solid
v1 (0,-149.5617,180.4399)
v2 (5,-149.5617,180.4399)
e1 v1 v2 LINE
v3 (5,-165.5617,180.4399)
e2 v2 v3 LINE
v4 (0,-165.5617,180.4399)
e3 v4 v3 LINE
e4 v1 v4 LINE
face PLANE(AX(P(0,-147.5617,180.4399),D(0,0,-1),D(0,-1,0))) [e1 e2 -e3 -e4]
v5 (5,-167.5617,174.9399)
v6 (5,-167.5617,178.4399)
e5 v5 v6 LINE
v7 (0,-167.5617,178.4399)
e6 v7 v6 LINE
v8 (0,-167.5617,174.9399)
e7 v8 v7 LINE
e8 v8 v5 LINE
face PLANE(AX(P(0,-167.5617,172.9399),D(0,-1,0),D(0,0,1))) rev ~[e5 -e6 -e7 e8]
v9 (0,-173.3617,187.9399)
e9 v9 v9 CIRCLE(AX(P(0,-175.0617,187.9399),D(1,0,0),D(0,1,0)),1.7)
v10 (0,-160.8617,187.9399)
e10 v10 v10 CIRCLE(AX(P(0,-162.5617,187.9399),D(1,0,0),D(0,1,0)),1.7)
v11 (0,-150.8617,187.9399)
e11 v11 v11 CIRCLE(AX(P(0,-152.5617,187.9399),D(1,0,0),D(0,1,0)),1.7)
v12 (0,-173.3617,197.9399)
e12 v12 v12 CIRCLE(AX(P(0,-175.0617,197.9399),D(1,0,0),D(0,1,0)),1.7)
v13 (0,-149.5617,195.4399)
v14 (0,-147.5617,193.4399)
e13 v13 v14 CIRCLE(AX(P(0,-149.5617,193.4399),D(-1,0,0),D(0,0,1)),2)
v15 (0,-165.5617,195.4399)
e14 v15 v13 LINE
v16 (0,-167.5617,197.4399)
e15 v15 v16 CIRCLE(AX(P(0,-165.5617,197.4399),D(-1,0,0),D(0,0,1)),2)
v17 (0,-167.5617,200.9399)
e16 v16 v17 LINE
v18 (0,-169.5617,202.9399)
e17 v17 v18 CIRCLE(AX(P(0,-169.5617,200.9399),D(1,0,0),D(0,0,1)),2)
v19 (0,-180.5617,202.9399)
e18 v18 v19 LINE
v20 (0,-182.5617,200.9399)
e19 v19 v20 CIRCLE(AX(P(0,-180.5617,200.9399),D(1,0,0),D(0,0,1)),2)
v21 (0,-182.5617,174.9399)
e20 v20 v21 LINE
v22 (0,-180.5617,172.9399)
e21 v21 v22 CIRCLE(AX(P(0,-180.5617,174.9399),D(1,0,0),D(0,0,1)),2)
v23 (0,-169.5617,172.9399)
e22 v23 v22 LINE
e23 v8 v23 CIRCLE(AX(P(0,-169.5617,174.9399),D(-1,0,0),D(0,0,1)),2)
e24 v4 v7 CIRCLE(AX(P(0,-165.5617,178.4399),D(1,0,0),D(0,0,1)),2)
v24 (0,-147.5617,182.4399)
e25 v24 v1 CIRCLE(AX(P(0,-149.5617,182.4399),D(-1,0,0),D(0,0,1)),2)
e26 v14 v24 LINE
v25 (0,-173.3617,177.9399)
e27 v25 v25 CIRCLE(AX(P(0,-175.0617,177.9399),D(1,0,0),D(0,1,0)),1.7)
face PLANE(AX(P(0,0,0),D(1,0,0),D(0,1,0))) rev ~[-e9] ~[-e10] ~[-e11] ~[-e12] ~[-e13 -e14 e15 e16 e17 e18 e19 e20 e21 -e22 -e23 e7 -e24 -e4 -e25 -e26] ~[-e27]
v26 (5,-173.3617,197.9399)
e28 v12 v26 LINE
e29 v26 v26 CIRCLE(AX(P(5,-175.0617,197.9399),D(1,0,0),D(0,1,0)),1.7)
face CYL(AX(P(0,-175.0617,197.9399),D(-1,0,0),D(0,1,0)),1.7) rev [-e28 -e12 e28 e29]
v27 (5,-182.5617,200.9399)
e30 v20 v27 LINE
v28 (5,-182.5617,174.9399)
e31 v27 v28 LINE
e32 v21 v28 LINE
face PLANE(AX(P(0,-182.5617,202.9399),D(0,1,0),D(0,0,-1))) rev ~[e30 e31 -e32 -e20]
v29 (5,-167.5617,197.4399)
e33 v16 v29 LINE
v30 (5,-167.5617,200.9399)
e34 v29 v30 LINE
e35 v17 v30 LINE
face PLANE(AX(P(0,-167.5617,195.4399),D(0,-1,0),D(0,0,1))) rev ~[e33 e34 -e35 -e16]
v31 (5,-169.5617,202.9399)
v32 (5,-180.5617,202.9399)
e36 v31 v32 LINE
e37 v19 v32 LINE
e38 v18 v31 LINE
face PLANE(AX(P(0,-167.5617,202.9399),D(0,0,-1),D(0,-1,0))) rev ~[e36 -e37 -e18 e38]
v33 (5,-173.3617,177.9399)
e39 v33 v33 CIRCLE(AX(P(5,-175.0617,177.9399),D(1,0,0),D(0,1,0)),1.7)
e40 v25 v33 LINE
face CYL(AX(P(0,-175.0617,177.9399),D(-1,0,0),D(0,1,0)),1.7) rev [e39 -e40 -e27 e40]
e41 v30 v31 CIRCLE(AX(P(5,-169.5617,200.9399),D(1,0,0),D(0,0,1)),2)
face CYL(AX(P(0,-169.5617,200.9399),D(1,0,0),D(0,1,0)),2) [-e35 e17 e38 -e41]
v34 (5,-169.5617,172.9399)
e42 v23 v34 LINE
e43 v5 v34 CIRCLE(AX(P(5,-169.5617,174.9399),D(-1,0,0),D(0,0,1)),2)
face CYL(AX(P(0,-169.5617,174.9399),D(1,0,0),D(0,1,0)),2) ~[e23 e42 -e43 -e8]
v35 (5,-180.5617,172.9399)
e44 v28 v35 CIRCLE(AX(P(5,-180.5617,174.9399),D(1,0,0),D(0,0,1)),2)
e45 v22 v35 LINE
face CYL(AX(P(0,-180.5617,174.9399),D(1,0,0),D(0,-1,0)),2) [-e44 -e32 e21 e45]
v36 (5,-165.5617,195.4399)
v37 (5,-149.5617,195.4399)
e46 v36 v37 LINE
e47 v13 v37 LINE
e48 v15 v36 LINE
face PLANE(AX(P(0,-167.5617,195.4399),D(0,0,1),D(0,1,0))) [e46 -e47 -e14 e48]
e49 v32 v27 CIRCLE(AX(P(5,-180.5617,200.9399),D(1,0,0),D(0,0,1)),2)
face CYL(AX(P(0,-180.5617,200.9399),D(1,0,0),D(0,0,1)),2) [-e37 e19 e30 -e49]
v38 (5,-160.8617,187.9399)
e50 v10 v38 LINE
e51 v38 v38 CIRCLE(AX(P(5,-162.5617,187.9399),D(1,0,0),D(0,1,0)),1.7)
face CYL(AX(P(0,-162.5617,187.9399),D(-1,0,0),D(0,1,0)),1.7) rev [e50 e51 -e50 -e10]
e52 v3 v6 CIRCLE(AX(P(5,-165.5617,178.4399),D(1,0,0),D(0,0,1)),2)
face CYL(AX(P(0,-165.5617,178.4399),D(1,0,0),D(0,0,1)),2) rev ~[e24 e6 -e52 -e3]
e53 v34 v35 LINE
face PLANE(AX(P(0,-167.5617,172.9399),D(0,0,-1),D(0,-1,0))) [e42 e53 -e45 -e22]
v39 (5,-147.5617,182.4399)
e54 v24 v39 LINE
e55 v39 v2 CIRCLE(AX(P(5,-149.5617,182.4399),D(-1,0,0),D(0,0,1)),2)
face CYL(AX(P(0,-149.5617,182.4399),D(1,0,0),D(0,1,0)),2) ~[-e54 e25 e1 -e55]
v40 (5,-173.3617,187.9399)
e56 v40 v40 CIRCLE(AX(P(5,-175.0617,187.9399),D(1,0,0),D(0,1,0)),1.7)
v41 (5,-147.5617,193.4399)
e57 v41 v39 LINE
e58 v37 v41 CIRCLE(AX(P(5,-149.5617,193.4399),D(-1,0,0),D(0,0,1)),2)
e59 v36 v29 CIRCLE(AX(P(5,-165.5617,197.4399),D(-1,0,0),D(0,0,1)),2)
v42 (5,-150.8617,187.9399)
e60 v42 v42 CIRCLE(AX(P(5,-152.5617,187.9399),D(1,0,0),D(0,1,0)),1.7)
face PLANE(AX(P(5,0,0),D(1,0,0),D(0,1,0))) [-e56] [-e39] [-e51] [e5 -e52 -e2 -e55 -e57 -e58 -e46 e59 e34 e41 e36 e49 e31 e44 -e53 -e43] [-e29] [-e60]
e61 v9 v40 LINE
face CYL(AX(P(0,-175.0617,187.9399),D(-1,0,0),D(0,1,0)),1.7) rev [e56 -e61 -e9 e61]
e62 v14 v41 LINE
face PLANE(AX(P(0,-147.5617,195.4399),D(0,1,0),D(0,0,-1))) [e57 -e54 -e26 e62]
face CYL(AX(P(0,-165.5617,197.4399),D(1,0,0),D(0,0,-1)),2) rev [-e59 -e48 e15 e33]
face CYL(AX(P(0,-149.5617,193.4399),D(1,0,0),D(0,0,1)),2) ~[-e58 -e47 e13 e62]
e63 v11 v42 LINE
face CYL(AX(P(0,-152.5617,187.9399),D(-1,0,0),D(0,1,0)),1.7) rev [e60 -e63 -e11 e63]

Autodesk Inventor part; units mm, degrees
ref_plane "YZ Plane" through (0, 0, 0) normal (1, 0, 0) x (0, 1, 0)
ref_plane "XZ Plane" through (0, 0, 0) normal (0, 1, 0) x (-1, 0, 0)
ref_plane "XY Plane" through (0, 0, 0) normal (0, 0, 1) x (1, 0, 0)
sketch "スケッチ1" plane through (0, 0, 0) normal (1, 0, 0) x (0, 1, 0)
  line L0 (-167.5617, 195.4399) -> (192.4383, 195.4399)
  line L1 (192.4383, 195.4399) -> (192.4383, 180.4399)
  line L2 (192.4383, 180.4399) -> (-167.5617, 180.4399)
  line L3 (-167.5617, 180.4399) -> (-167.5617, 195.4399)
  line L4 (-167.5617, 230.4399) -> (-182.5617, 230.4399)
  line L5 (-182.5617, 230.4399) -> (-182.5617, 2.9399)
  line L6 (-182.5617, 2.9399) -> (-167.5617, 2.9399)
  line L7 (-167.5617, 2.9399) -> (-167.5617, 230.4399)
  line L8 (-167.5617, 230.4399) -> (-182.5617, 230.4399)
  line L9 (-182.5617, 230.4399) -> (-182.5617, 215.4399)
  line L10 (-182.5617, 215.4399) -> (-167.5617, 215.4399)
  line L11 (-167.5617, 215.4399) -> (-167.5617, 230.4399)
  line L12 (-117.5617, 180.4399) -> (-102.5617, 180.4399)
  line L13 (-102.5617, 180.4399) -> (-102.5617, 2.9399)
  line L14 (-102.5617, 2.9399) -> (-117.5617, 2.9399)
  line L15 (-117.5617, 2.9399) -> (-117.5617, 180.4399)
  line L16 (192.4383, 180.4399) -> (177.4383, 180.4399)
  line L17 (177.4383, 180.4399) -> (177.4383, 2.9399)
  line L18 (177.4383, 2.9399) -> (192.4383, 2.9399)
  line L19 (192.4383, 2.9399) -> (192.4383, 180.4399)
  circle A0 centre (-142.5617, 135.4399) radius 12.5
  circle A1 centre (-142.5617, 95.4399) radius 18.75
  line L20 (192.4383, 2.9399) -> (-167.5617, 2.9399)
  line L21 (-182.5617, 155.4399) -> (-102.5617, 155.4399)
  line L22 (-102.5617, 75.4399) -> (-182.5617, 75.4399)
  circle A2 centre (-142.5617, 95.4399) radius 20
  line L23 (-125.0617, 195.4399) -> (-125.0617, 180.4399)
  line L24 (-102.5617, 180.4399) -> (-102.5617, 195.4399)
  line L25 (-147.5617, 195.4399) -> (-147.5617, 180.4399)
  line L26 (-167.5617, 202.9399) -> (-182.5617, 202.9399)
  line L27 (-167.5617, 172.9399) -> (-182.5617, 172.9399)
  circle A3 centre (157.4383, 135.4399) radius 12.5
  line L28 (192.4383, 160.4399) -> (177.4383, 160.4399)
  line L29 (169.9383, 195.4399) -> (169.9383, 180.4399)
  line L30 (-167.5617, -189.5601) -> (192.4383, -189.5601)
  line L31 (192.4383, -189.5601) -> (192.4383, -174.5601)
  line L32 (192.4383, -174.5601) -> (-167.5617, -174.5601)
  line L33 (-167.5617, -174.5601) -> (-167.5617, -189.5601)
  line L34 (-167.5617, -224.5601) -> (-182.5617, -224.5601)
  line L35 (-182.5617, -224.5601) -> (-182.5617, 2.9399)
  line L36 (-167.5617, 2.9399) -> (-167.5617, -224.5601)
  line L37 (-167.5617, -224.5601) -> (-182.5617, -224.5601)
  line L38 (-182.5617, -224.5601) -> (-182.5617, -209.5601)
  line L39 (-182.5617, -209.5601) -> (-167.5617, -209.5601)
  line L40 (-167.5617, -209.5601) -> (-167.5617, -224.5601)
  line L41 (-117.5617, -174.5601) -> (-102.5617, -174.5601)
  line L42 (-102.5617, -174.5601) -> (-102.5617, 2.9399)
  line L43 (-117.5617, 2.9399) -> (-117.5617, -174.5601)
  line L44 (192.4383, -174.5601) -> (177.4383, -174.5601)
  line L45 (177.4383, -174.5601) -> (177.4383, 2.9399)
  line L46 (192.4383, 2.9399) -> (192.4383, -174.5601)
  circle A4 centre (-142.5617, -129.5601) radius 12.5
  circle A5 centre (-142.5617, -89.5601) radius 18.75
  line L47 (-182.5617, -149.5601) -> (-102.5617, -149.5601)
  line L48 (-102.5617, -69.5601) -> (-182.5617, -69.5601)
  circle A6 centre (-142.5617, -89.5601) radius 20
  line L49 (-125.0617, -189.5601) -> (-125.0617, -174.5601)
  line L50 (-102.5617, -174.5601) -> (-102.5617, -189.5601)
  line L51 (-147.5617, -189.5601) -> (-147.5617, -174.5601)
  line L52 (-167.5617, -197.0601) -> (-182.5617, -197.0601)
  line L53 (-167.5617, -167.0601) -> (-182.5617, -167.0601)
  circle A7 centre (157.4383, -129.5601) radius 12.5
  line L54 (192.4383, -154.5601) -> (177.4383, -154.5601)
  line L55 (169.9383, -189.5601) -> (169.9383, -174.5601)
  line L56 (192.4383, 155.4399) -> (144.9383, 155.4399)
  line L57 (144.9383, 155.4399) -> (144.9383, 75.4399)
  line L58 (144.9383, 75.4399) -> (192.4383, 75.4399)
  line L59 (192.4383, 75.4399) -> (192.4383, 155.4399)
  line L60 (177.4383, 155.4399) -> (153.4158, 147.275)
  line L61 (146.595, 129.2213) -> (177.4383, 75.4399)
  circle A8 centre (-175.0617, 197.9399) radius 1.7
  circle A9 centre (-175.0617, 187.9399) radius 1.7
  circle A10 centre (-175.0617, 177.9399) radius 1.7
  circle A11 centre (-162.5617, 187.9399) radius 1.7
  circle A12 centre (-152.5617, 187.9399) radius 1.7
  point P0 (0, 0)
  point P1 (-120.0617, 187.9399)
  point P2 (-110.0617, 187.9399)
  point P3 (-110.0617, 175.4399)
  point P4 (-110.0617, 165.4399)
  point P5 (184.9383, 175.4399)
  point P6 (184.9383, 165.4399)
  point P7 (184.9383, 187.9399)
  point P8 (174.9383, 187.9399)
  point P9 (-110.0617, 180.4399)
  point P10 (192.4383, 187.9399)
  point P11 (-110.0617, 95.4399)
  point P12 (-110.0617, 135.4399)
  point P13 (-175.0617, 135.4399)
  point P14 (-175.0617, 95.4399)
  point P15 (-175.0617, -89.5601)
  point P16 (-110.0617, -89.5601)
  point P17 (-110.0617, -129.5601)
  point P18 (-175.0617, -129.5601)
  point P19 (-175.0617, -172.0601)
  point P20 (-175.0617, -182.0601)
  point P21 (-175.0617, -192.0601)
  point P22 (-162.5617, -182.0601)
  point P23 (-152.5617, -182.0601)
  point P24 (-120.0617, -182.0601)
  point P25 (-110.0617, -182.0601)
  point P26 (-110.0617, -169.5601)
  point P27 (-110.0617, -159.5601)
  point P28 (174.9383, -182.0601)
  point P29 (184.9383, -182.0601)
  point P30 (184.9383, -169.5601)
  point P31 (184.9383, -159.5601)
  point P32 (184.9383, 135.4399)
  point P33 (184.9383, 95.4399)
  point P34 (177.4383, 91.6899)
  point P35 (184.9383, -89.5601)
  point P36 (184.9383, -129.5601)
  dimension "d0" = 7.5
  dimension "d1" = 7.5
  dimension "d2" = 7.5
  dimension "d3" = 7.5
  dimension "d4" = 10
  dimension "d5" = 10
  dimension "d6" = 5
  dimension "d7" = 10
  dimension "d8" = 7.5
  dimension "d9" = 7.5
  dimension "d10" = 7.5
  dimension "d11" = 10
  dimension "d12" = 7.5
  dimension "d13" = 7.5
  dimension "d14" = 5
  dimension "d15" = 10
  dimension "d16" = 7.5
  dimension "d17" = 7.5
  dimension "d18" = 7.5
  dimension "d19" = 10
  dimension "d20" = 7.5
  dimension "d21" = 7.5
  dimension "d22" = 5
  dimension "d23" = 10
  dimension "d24" = 7.5
  dimension "d25" = 7.5
  dimension "d26" = 20
  dimension "d27" = 20
  dimension "d28" = 7.5
  dimension "d29" = 7.5
  dimension "d30" = 20
  dimension "d31" = 7.5
  dimension "d32" = 7.5
  dimension "d33" = 20
  dimension "d34" = 3.4
  dimension "d35" = 3.4
  dimension "d36" = 3.4
  dimension "d37" = 3.4
  dimension "d38" = 3.4
extrude "押し出し1" add sketch "スケッチ1" along normal blind 5 contours L0 L25 L2 L3 | L3 L7 L27 L5 L26
fillet "フィレット1" radius 2 8 edges at (2.5, -147.5617, 195.4399) (2.5, -167.5617, 195.4399) (2.5, -167.5617, 202.9399) (2.5, -182.5617, 202.9399) (2.5, -182.5617, 172.9399) (2.5, -167.5617, 172.9399) (2.5, -167.5617, 180.4399) (2.5, -147.5617, 180.4399)
equation "\"d1\" = d0"
equation "\"d2\" = d0"
equation "\"d3\" = d0"
equation "\"d8\" = d0"
equation "\"d9\" = d0"
equation "\"d10\" = d0"
equation "\"d12\" = d0"
equation "\"d13\" = d0"
equation "\"d16\" = d0"
equation "\"d17\" = d0"
equation "\"d20\" = d18"
equation "\"d21\" = d18"
equation "\"d24\" = d18"
equation "\"d25\" = d18"
equation "\"d32\" = d31"
equation "\"d33\" = d30"
properties part number "ball_loading_v1_Plate_ASP_F_1" material "ABS プラスチック"
